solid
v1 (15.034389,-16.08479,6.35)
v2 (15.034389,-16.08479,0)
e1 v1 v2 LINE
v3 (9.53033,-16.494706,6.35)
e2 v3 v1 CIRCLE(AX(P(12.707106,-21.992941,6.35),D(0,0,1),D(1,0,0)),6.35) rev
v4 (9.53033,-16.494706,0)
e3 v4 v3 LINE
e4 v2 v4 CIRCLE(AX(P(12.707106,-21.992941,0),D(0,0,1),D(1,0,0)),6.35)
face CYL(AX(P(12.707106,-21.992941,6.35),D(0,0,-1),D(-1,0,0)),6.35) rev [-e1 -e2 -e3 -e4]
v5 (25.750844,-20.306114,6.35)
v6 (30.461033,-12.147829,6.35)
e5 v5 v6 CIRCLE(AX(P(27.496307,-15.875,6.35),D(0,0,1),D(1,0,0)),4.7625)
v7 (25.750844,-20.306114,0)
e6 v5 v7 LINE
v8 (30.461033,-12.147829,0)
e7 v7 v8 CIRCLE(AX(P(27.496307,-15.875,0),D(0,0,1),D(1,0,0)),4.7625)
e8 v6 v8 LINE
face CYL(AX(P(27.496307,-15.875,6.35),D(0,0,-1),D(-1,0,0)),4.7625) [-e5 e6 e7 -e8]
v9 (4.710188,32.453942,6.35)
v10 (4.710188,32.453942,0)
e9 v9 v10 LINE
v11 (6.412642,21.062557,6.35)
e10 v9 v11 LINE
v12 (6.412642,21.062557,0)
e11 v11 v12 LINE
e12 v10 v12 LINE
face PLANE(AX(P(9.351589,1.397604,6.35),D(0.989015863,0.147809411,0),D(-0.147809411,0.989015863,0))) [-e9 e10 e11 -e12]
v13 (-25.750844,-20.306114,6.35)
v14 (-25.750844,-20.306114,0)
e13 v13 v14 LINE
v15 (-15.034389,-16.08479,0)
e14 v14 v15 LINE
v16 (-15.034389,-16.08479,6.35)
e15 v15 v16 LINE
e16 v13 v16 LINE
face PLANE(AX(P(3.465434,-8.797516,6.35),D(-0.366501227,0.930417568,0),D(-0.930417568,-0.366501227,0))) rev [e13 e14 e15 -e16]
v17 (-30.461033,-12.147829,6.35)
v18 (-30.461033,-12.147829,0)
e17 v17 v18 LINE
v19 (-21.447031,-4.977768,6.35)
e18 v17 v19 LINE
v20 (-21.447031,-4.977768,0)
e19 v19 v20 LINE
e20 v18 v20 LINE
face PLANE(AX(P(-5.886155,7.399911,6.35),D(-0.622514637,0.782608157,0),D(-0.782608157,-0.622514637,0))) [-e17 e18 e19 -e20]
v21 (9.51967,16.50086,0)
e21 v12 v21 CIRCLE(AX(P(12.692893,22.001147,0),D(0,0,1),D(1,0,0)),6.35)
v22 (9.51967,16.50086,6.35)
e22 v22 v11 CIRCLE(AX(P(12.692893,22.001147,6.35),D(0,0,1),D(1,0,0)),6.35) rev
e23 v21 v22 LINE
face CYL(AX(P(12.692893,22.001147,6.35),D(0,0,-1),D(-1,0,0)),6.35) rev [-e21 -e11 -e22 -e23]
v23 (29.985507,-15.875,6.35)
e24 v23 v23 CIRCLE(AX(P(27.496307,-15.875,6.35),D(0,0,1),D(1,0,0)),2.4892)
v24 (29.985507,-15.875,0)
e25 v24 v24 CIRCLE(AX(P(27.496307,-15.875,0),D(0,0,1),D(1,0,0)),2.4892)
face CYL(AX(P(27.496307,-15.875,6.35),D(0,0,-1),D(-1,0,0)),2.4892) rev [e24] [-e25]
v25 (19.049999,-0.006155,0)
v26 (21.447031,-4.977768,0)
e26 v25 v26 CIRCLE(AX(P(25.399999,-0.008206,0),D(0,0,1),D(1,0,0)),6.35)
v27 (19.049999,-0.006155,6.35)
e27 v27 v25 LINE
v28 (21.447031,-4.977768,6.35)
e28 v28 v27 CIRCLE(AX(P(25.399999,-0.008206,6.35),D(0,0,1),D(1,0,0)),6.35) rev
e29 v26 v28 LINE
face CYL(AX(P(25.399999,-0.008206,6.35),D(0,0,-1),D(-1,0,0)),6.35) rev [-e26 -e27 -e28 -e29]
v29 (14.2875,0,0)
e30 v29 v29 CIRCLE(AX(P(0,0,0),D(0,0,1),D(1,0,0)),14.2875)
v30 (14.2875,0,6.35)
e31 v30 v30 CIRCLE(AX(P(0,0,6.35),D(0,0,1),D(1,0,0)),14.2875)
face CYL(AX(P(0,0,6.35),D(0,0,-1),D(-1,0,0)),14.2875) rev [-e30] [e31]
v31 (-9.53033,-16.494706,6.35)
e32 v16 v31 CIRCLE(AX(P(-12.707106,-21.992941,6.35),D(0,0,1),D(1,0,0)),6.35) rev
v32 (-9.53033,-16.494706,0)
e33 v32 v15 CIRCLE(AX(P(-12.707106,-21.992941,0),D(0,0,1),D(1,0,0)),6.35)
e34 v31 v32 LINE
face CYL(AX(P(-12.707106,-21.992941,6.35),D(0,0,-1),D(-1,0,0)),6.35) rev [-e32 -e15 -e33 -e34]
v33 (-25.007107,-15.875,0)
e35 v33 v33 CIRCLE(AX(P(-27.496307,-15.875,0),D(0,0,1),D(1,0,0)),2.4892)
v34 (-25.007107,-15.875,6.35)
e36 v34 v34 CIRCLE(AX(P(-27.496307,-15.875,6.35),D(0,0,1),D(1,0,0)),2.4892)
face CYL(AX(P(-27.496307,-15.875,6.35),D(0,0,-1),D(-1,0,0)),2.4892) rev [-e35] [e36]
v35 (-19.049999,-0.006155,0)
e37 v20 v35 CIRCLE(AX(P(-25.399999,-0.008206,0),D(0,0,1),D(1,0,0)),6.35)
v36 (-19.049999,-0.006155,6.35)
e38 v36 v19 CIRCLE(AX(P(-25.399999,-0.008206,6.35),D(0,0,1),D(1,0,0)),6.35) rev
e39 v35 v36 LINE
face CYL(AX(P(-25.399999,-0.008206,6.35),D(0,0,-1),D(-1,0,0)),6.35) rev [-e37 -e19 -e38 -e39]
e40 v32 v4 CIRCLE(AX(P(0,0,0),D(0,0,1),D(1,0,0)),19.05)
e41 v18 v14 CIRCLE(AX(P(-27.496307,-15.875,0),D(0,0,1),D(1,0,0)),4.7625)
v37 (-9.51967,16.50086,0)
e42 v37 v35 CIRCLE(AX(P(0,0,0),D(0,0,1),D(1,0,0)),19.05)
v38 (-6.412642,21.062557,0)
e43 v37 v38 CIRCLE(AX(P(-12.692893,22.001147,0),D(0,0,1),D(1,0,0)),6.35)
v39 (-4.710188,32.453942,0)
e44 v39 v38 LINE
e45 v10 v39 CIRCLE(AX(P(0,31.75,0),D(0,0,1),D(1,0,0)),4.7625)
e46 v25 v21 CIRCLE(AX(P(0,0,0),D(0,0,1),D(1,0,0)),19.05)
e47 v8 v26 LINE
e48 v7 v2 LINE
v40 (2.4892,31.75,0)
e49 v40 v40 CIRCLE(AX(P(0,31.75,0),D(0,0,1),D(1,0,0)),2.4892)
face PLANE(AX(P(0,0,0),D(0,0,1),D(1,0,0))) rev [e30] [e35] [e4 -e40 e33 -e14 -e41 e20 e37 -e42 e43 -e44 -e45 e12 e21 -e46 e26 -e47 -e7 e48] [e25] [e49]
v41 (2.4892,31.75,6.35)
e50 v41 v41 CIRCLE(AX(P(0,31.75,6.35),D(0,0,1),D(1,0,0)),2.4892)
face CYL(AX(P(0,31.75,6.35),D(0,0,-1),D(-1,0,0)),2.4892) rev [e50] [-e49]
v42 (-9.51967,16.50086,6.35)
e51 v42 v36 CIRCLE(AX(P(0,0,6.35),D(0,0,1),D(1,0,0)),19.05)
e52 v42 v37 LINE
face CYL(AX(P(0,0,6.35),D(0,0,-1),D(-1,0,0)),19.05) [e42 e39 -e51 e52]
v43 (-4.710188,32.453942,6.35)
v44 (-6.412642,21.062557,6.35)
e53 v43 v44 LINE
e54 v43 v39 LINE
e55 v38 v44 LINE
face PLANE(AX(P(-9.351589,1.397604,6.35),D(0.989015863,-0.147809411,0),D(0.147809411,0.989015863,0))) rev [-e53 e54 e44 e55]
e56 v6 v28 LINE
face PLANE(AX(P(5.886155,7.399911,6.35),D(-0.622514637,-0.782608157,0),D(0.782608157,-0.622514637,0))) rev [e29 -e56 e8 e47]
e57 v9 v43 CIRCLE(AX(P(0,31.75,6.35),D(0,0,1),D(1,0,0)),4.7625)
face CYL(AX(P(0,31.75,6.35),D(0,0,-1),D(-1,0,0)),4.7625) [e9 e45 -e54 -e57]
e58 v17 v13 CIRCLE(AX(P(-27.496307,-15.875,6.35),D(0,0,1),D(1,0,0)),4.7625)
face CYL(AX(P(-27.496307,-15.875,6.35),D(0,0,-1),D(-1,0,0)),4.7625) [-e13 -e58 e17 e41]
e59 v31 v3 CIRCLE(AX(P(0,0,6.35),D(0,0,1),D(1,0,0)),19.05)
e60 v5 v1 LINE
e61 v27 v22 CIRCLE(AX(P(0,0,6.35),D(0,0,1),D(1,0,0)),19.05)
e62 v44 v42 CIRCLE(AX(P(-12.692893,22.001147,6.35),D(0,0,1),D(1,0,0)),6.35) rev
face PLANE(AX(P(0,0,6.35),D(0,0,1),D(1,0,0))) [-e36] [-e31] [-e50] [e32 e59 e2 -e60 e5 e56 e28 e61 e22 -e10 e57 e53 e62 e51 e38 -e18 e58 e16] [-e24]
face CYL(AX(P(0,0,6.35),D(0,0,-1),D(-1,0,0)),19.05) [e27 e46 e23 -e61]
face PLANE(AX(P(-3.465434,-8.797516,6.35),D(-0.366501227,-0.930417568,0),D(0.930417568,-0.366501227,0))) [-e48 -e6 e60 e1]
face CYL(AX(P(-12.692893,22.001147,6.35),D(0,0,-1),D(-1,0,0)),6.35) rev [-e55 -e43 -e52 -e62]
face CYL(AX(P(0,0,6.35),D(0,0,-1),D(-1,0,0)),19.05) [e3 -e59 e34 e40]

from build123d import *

# Parameters (mm, degrees)
SKETCH2_R           = 19.05
SKETCH2_R_2         = 14.2875
SKETCH2_R_3         = 4.7625
SKETCH2_R_4         = 2.4892
BOSS_EXTRUDE1_DEPTH = 6.35
FILLET2_R           = 6.35


with BuildPart() as part:
    # Sketch2 → Boss-Extrude1 (new body)
    # profile 1 of 10: a face of its own
    with BuildSketch(Plane.XY):
        Circle(SKETCH2_R)
        Circle(SKETCH2_R_2, mode=Mode.SUBTRACT)
    # profile 2 of 10: a face of its own
    with BuildSketch(Plane.XY):
        with BuildLine():
            Line((30.461032527, -12.147828653), (18.828728894, -2.89507655))
            ThreePointArc((18.828728894, -2.89507655), (16.497783942, -9.525), (11.921574285, -14.858619268))
            Line((11.921574285, -14.858619268), (25.750844478, -20.306113668))
            ThreePointArc((25.750844478, -20.306113668), (23.371860585, -13.49375), (30.461032527, -12.147828653))
        make_face()
    # profile 3 of 10: a face of its own
    with BuildSketch(Plane.XY):
        with BuildLine():
            ThreePointArc((4.7625, 31.75), (-0.352941685, 27.000595993), (-4.710188049, 32.453942321))
            Line((-4.710188049, 32.453942321), (-6.907154609, 17.753695818))
            ThreePointArc((-6.907154609, 17.753695818), (0, 19.05), (6.907154609, 17.753695818))
            Line((6.907154609, 17.753695818), (4.710188049, 32.453942321))
            ThreePointArc((4.710188049, 32.453942321), (4.749404007, 32.102941685), (4.7625, 31.75))
        make_face()
    # profile 4 of 10: a face of its own
    with BuildSketch(Plane.XY):
        with BuildLine():
            ThreePointArc((-11.921574285, -14.858619268), (-16.497783942, -9.525), (-18.828728894, -2.89507655))
            Line((-18.828728894, -2.89507655), (-30.461032527, -12.147828653))
            ThreePointArc((-30.461032527, -12.147828653), (-25.427261032, -11.585424635), (-22.73380657, -15.875))
            ThreePointArc((-22.73380657, -15.875), (-23.55967289, -18.555358468), (-25.750844478, -20.306113668))
            Line((-25.750844478, -20.306113668), (-11.921574285, -14.858619268))
        make_face()
    # profile 5 of 10: a face of its own
    with BuildSketch(Plane.XY):
        with Locations((-27.49630657, -15.875)):
            Circle(SKETCH2_R_3)
        with Locations((-27.49630657, -15.875)):
            Circle(SKETCH2_R_4, mode=Mode.SUBTRACT)
    # profile 6 of 10: a face of its own
    with BuildSketch(Plane.XY):
        with Locations((27.49630657, -15.875)):
            Circle(SKETCH2_R_3)
        with Locations((27.49630657, -15.875)):
            Circle(SKETCH2_R_4, mode=Mode.SUBTRACT)
    # profile 7 of 10: a face of its own
    with BuildSketch(Plane.XY):
        with Locations((0, 31.75)):
            Circle(SKETCH2_R_3)
        with Locations((0, 31.75)):
            Circle(SKETCH2_R_4, mode=Mode.SUBTRACT)
    # profile 8 of 10: a face of its own
    with BuildSketch(Plane.XY):
        with BuildLine():
            ThreePointArc((6.907154609, 17.753695818), (0, 19.05), (-6.907154609, 17.753695818))
            ThreePointArc((-6.907154609, 17.753695818), (-16.497783942, 9.525), (-18.828728894, -2.89507655))
            ThreePointArc((-18.828728894, -2.89507655), (-16.497783942, -9.525), (-11.921574285, -14.858619268))
            ThreePointArc((-11.921574285, -14.858619268), (0, -19.05), (11.921574285, -14.858619268))
            ThreePointArc((11.921574285, -14.858619268), (16.497783942, -9.525), (18.828728894, -2.89507655))
            ThreePointArc((18.828728894, -2.89507655), (18.994601673, -1.451760064), (19.05, 0))
            ThreePointArc((19.05, 0), (15.723927552, 10.754561932), (6.907154609, 17.753695818))
        make_face()
        Circle(SKETCH2_R_2, mode=Mode.SUBTRACT)
    # profile 9 of 10: a face of its own
    with BuildSketch(Plane.XY):
        with BuildLine():
            ThreePointArc((6.907154609, 17.753695818), (0, 19.05), (-6.907154609, 17.753695818))
            ThreePointArc((-6.907154609, 17.753695818), (-16.497783942, 9.525), (-18.828728894, -2.89507655))
            ThreePointArc((-18.828728894, -2.89507655), (-16.497783942, -9.525), (-11.921574285, -14.858619268))
            ThreePointArc((-11.921574285, -14.858619268), (0, -19.05), (11.921574285, -14.858619268))
            ThreePointArc((11.921574285, -14.858619268), (16.497783942, -9.525), (18.828728894, -2.89507655))
            ThreePointArc((18.828728894, -2.89507655), (18.994601673, -1.451760064), (19.05, 0))
            ThreePointArc((19.05, 0), (15.723927552, 10.754561932), (6.907154609, 17.753695818))
        make_face()
        Circle(SKETCH2_R_2, mode=Mode.SUBTRACT)
    # profile 10 of 10: a face of its own
    with BuildSketch(Plane.XY):
        with BuildLine():
            ThreePointArc((6.907154609, 17.753695818), (0, 19.05), (-6.907154609, 17.753695818))
            ThreePointArc((-6.907154609, 17.753695818), (-16.497783942, 9.525), (-18.828728894, -2.89507655))
            ThreePointArc((-18.828728894, -2.89507655), (-16.497783942, -9.525), (-11.921574285, -14.858619268))
            ThreePointArc((-11.921574285, -14.858619268), (0, -19.05), (11.921574285, -14.858619268))
            ThreePointArc((11.921574285, -14.858619268), (16.497783942, -9.525), (18.828728894, -2.89507655))
            ThreePointArc((18.828728894, -2.89507655), (18.994601673, -1.451760064), (19.05, 0))
            ThreePointArc((19.05, 0), (15.723927552, 10.754561932), (6.907154609, 17.753695818))
        make_face()
        Circle(SKETCH2_R_2, mode=Mode.SUBTRACT)
    extrude(amount=BOSS_EXTRUDE1_DEPTH)

    # Fillet2
    fillet2_edges = [part.edges().sort_by_distance(p)[0] for p in [
        (18.828728894, -2.89507655, 3.175),
        (11.921574285, -14.858619268, 3.175),
        (-11.921574285, -14.858619268, 3.175),
        (-18.828728894, -2.89507655, 3.175),
        (-6.907154609, 17.753695818, 3.175),
        (6.907154609, 17.753695818, 3.175),
    ]]
    fillet(fillet2_edges, radius=FILLET2_R)


solid = part.part
